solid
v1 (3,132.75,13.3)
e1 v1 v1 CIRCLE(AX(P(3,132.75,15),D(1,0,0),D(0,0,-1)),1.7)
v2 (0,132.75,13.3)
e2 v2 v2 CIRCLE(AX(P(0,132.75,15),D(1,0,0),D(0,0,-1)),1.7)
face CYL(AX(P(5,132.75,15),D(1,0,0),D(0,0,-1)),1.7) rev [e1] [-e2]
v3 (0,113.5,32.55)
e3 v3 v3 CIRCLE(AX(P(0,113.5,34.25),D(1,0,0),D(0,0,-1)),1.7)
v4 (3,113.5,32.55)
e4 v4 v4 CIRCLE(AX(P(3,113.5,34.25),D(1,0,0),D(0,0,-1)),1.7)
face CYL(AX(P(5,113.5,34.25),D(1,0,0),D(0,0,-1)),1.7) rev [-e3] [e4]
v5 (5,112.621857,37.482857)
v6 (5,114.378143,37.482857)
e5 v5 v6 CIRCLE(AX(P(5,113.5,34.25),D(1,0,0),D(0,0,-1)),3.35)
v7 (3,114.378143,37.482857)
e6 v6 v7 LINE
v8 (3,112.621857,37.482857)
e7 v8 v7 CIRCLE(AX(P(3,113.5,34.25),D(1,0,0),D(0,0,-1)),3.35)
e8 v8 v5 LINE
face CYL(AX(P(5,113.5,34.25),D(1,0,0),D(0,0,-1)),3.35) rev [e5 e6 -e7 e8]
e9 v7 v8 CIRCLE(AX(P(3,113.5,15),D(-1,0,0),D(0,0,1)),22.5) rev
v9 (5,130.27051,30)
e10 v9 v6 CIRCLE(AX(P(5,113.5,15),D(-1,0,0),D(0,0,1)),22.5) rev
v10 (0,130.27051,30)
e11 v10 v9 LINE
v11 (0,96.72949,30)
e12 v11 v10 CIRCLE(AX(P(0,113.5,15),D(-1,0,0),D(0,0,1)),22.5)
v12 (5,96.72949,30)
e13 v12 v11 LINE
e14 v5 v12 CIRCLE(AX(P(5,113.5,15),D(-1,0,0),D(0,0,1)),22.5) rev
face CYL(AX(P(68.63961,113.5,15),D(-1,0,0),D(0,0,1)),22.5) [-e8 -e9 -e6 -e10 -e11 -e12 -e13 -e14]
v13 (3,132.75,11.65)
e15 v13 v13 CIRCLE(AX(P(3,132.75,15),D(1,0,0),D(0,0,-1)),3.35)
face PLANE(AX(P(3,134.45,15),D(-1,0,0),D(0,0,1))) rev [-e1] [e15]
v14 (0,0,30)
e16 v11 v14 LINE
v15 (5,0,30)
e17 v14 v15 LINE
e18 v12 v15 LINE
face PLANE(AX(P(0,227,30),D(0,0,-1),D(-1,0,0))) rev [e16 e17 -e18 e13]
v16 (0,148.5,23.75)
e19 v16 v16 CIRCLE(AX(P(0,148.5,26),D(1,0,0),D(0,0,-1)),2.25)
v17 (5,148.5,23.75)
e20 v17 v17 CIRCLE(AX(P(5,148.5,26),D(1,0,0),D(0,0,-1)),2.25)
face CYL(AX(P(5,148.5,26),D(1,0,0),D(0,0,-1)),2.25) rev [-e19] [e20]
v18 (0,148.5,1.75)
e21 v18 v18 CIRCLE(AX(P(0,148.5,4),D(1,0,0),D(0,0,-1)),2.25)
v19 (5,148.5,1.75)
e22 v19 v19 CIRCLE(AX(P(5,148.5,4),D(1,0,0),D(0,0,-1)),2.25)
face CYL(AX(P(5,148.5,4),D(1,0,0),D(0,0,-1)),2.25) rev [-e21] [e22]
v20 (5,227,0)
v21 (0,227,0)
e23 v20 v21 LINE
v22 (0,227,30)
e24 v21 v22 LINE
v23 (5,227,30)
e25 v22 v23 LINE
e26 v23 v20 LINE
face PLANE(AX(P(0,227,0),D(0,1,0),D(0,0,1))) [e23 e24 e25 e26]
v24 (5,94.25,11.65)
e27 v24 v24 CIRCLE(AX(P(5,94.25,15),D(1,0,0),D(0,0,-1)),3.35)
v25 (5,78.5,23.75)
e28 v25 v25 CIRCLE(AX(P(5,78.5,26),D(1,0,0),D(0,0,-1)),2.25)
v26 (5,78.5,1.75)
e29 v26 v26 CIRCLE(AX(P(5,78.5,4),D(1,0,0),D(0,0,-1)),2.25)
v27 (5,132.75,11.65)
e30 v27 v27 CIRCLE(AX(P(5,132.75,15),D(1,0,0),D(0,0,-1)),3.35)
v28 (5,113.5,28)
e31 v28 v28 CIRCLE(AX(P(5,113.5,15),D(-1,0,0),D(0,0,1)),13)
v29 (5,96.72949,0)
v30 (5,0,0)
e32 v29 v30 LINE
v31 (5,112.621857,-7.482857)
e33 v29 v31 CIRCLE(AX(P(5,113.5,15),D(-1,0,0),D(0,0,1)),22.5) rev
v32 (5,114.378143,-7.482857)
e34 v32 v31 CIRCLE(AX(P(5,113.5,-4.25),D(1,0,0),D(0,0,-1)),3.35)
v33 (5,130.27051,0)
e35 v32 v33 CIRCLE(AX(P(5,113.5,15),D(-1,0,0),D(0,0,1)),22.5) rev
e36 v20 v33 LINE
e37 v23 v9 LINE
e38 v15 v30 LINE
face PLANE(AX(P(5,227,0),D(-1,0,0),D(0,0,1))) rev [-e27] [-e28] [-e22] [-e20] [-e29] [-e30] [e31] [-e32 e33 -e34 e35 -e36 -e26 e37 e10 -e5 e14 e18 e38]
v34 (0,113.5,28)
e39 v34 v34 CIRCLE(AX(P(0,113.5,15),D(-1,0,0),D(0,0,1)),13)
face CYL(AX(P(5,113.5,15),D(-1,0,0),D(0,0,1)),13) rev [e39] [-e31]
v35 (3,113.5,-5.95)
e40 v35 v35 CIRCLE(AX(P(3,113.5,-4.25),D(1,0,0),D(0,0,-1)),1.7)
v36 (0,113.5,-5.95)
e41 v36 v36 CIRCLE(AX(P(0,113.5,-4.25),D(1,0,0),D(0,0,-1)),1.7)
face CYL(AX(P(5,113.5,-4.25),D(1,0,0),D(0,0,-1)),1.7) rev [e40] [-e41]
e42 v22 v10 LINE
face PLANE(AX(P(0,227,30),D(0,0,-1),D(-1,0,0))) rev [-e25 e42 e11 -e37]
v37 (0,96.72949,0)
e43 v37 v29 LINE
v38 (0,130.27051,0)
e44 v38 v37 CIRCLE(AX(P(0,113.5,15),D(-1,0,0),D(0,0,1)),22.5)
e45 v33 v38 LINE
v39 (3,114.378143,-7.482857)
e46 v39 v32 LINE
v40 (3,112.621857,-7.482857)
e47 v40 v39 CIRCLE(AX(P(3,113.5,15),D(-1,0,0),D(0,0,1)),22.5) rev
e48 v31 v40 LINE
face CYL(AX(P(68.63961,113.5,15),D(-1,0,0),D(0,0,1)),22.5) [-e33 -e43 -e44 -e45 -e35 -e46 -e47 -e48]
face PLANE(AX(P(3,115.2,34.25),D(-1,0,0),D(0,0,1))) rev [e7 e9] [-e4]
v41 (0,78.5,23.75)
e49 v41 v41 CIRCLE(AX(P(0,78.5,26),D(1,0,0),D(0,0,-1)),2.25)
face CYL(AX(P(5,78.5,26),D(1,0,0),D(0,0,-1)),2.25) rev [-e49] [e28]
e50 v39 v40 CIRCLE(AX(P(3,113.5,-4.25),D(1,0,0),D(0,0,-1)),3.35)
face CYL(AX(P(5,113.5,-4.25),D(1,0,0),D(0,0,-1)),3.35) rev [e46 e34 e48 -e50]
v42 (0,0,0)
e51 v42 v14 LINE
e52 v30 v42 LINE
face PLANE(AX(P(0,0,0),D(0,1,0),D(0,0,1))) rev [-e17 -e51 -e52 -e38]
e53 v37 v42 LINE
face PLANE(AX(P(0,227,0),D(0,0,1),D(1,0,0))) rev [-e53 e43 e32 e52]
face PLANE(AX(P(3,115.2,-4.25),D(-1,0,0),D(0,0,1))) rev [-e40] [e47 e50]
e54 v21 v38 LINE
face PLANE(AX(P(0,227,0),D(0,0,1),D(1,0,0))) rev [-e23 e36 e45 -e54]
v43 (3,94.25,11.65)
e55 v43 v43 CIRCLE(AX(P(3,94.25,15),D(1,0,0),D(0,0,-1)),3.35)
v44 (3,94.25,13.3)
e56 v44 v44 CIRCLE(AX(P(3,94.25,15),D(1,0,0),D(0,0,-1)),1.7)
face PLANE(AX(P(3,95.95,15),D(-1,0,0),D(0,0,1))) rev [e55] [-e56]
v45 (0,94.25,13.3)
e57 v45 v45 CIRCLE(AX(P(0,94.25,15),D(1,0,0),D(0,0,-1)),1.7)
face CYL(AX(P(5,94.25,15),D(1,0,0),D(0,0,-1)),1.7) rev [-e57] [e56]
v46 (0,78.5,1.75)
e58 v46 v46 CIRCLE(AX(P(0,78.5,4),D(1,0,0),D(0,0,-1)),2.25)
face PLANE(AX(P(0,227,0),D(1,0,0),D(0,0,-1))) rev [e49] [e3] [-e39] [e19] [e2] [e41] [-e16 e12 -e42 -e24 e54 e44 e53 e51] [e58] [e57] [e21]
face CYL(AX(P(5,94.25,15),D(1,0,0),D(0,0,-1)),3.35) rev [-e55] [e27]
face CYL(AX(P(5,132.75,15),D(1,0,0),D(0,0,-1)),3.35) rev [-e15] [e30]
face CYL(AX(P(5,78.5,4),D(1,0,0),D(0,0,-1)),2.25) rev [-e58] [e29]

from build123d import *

# Parameters (mm, degrees)
SKETCH_1_W                  = 5
SKETCH_1_H                  = 30
EXTRUDE_1_DEPTH             = 227
SKETCH_2_R                  = 22.5
EXTRUDE_2_DEPTH             = 5
SKETCH_3_R                  = 13
CUT_EXTRUDE_1_DEPTH         = 231.130940988
HOLE_WIZARD_M31_D           = 3.4
HOLE_WIZARD_M31_CBORE_D     = 6.7
HOLE_WIZARD_M31_CBORE_DEPTH = 2
HOLE_WIZARD_M41_D           = 4.5


with BuildPart() as part:
    # Эскиз1 → Бобышка-Вытянуть1 (new body)
    with BuildSketch(Plane(origin=(0, 0, 0), x_dir=(1, 0, 0), z_dir=(0, 1, 0))):
        with Locations((2.5, -15)):
            Rectangle(SKETCH_1_W, SKETCH_1_H)
    extrude(amount=EXTRUDE_1_DEPTH)

    # Эскиз2 → Бобышка-Вытянуть2 (add)
    with BuildSketch(Plane.ZY):
        with Locations((15, 113.5)):
            Circle(SKETCH_2_R)
    extrude(amount=-EXTRUDE_2_DEPTH)

    # Эскиз3 → Вырез-Вытянуть1 (cut, through all)
    with BuildSketch(Plane.ZY):
        with Locations((15, 113.5)):
            Circle(SKETCH_3_R)
    extrude(amount=-CUT_EXTRUDE_1_DEPTH, mode=Mode.SUBTRACT)

    # Цековка для  винта с полукруглой головкой M31 (through all)
    with Locations(Plane(origin=(5, -25.024735225, 7.262908886), x_dir=(0, 0, 1), z_dir=(1, 0, 0))):
        with Locations((7.737091114, -157.774735225), (-11.512908886, -138.524735225), (7.737091114, -119.274735225), (26.987091114, -138.524735225)):
            CounterBoreHole(HOLE_WIZARD_M31_D / 2, HOLE_WIZARD_M31_CBORE_D / 2, HOLE_WIZARD_M31_CBORE_DEPTH)

    # Отверстие с зазором M41 (through all)
    with Locations(Plane(origin=(5, 0, 0), x_dir=(0, 0, -1), z_dir=(1, 0, 0))):
        with Locations((-26, 148.5), (-4, 148.5), (-4, 78.5), (-26, 78.5)):
            Hole(HOLE_WIZARD_M41_D / 2)


solid = part.part
